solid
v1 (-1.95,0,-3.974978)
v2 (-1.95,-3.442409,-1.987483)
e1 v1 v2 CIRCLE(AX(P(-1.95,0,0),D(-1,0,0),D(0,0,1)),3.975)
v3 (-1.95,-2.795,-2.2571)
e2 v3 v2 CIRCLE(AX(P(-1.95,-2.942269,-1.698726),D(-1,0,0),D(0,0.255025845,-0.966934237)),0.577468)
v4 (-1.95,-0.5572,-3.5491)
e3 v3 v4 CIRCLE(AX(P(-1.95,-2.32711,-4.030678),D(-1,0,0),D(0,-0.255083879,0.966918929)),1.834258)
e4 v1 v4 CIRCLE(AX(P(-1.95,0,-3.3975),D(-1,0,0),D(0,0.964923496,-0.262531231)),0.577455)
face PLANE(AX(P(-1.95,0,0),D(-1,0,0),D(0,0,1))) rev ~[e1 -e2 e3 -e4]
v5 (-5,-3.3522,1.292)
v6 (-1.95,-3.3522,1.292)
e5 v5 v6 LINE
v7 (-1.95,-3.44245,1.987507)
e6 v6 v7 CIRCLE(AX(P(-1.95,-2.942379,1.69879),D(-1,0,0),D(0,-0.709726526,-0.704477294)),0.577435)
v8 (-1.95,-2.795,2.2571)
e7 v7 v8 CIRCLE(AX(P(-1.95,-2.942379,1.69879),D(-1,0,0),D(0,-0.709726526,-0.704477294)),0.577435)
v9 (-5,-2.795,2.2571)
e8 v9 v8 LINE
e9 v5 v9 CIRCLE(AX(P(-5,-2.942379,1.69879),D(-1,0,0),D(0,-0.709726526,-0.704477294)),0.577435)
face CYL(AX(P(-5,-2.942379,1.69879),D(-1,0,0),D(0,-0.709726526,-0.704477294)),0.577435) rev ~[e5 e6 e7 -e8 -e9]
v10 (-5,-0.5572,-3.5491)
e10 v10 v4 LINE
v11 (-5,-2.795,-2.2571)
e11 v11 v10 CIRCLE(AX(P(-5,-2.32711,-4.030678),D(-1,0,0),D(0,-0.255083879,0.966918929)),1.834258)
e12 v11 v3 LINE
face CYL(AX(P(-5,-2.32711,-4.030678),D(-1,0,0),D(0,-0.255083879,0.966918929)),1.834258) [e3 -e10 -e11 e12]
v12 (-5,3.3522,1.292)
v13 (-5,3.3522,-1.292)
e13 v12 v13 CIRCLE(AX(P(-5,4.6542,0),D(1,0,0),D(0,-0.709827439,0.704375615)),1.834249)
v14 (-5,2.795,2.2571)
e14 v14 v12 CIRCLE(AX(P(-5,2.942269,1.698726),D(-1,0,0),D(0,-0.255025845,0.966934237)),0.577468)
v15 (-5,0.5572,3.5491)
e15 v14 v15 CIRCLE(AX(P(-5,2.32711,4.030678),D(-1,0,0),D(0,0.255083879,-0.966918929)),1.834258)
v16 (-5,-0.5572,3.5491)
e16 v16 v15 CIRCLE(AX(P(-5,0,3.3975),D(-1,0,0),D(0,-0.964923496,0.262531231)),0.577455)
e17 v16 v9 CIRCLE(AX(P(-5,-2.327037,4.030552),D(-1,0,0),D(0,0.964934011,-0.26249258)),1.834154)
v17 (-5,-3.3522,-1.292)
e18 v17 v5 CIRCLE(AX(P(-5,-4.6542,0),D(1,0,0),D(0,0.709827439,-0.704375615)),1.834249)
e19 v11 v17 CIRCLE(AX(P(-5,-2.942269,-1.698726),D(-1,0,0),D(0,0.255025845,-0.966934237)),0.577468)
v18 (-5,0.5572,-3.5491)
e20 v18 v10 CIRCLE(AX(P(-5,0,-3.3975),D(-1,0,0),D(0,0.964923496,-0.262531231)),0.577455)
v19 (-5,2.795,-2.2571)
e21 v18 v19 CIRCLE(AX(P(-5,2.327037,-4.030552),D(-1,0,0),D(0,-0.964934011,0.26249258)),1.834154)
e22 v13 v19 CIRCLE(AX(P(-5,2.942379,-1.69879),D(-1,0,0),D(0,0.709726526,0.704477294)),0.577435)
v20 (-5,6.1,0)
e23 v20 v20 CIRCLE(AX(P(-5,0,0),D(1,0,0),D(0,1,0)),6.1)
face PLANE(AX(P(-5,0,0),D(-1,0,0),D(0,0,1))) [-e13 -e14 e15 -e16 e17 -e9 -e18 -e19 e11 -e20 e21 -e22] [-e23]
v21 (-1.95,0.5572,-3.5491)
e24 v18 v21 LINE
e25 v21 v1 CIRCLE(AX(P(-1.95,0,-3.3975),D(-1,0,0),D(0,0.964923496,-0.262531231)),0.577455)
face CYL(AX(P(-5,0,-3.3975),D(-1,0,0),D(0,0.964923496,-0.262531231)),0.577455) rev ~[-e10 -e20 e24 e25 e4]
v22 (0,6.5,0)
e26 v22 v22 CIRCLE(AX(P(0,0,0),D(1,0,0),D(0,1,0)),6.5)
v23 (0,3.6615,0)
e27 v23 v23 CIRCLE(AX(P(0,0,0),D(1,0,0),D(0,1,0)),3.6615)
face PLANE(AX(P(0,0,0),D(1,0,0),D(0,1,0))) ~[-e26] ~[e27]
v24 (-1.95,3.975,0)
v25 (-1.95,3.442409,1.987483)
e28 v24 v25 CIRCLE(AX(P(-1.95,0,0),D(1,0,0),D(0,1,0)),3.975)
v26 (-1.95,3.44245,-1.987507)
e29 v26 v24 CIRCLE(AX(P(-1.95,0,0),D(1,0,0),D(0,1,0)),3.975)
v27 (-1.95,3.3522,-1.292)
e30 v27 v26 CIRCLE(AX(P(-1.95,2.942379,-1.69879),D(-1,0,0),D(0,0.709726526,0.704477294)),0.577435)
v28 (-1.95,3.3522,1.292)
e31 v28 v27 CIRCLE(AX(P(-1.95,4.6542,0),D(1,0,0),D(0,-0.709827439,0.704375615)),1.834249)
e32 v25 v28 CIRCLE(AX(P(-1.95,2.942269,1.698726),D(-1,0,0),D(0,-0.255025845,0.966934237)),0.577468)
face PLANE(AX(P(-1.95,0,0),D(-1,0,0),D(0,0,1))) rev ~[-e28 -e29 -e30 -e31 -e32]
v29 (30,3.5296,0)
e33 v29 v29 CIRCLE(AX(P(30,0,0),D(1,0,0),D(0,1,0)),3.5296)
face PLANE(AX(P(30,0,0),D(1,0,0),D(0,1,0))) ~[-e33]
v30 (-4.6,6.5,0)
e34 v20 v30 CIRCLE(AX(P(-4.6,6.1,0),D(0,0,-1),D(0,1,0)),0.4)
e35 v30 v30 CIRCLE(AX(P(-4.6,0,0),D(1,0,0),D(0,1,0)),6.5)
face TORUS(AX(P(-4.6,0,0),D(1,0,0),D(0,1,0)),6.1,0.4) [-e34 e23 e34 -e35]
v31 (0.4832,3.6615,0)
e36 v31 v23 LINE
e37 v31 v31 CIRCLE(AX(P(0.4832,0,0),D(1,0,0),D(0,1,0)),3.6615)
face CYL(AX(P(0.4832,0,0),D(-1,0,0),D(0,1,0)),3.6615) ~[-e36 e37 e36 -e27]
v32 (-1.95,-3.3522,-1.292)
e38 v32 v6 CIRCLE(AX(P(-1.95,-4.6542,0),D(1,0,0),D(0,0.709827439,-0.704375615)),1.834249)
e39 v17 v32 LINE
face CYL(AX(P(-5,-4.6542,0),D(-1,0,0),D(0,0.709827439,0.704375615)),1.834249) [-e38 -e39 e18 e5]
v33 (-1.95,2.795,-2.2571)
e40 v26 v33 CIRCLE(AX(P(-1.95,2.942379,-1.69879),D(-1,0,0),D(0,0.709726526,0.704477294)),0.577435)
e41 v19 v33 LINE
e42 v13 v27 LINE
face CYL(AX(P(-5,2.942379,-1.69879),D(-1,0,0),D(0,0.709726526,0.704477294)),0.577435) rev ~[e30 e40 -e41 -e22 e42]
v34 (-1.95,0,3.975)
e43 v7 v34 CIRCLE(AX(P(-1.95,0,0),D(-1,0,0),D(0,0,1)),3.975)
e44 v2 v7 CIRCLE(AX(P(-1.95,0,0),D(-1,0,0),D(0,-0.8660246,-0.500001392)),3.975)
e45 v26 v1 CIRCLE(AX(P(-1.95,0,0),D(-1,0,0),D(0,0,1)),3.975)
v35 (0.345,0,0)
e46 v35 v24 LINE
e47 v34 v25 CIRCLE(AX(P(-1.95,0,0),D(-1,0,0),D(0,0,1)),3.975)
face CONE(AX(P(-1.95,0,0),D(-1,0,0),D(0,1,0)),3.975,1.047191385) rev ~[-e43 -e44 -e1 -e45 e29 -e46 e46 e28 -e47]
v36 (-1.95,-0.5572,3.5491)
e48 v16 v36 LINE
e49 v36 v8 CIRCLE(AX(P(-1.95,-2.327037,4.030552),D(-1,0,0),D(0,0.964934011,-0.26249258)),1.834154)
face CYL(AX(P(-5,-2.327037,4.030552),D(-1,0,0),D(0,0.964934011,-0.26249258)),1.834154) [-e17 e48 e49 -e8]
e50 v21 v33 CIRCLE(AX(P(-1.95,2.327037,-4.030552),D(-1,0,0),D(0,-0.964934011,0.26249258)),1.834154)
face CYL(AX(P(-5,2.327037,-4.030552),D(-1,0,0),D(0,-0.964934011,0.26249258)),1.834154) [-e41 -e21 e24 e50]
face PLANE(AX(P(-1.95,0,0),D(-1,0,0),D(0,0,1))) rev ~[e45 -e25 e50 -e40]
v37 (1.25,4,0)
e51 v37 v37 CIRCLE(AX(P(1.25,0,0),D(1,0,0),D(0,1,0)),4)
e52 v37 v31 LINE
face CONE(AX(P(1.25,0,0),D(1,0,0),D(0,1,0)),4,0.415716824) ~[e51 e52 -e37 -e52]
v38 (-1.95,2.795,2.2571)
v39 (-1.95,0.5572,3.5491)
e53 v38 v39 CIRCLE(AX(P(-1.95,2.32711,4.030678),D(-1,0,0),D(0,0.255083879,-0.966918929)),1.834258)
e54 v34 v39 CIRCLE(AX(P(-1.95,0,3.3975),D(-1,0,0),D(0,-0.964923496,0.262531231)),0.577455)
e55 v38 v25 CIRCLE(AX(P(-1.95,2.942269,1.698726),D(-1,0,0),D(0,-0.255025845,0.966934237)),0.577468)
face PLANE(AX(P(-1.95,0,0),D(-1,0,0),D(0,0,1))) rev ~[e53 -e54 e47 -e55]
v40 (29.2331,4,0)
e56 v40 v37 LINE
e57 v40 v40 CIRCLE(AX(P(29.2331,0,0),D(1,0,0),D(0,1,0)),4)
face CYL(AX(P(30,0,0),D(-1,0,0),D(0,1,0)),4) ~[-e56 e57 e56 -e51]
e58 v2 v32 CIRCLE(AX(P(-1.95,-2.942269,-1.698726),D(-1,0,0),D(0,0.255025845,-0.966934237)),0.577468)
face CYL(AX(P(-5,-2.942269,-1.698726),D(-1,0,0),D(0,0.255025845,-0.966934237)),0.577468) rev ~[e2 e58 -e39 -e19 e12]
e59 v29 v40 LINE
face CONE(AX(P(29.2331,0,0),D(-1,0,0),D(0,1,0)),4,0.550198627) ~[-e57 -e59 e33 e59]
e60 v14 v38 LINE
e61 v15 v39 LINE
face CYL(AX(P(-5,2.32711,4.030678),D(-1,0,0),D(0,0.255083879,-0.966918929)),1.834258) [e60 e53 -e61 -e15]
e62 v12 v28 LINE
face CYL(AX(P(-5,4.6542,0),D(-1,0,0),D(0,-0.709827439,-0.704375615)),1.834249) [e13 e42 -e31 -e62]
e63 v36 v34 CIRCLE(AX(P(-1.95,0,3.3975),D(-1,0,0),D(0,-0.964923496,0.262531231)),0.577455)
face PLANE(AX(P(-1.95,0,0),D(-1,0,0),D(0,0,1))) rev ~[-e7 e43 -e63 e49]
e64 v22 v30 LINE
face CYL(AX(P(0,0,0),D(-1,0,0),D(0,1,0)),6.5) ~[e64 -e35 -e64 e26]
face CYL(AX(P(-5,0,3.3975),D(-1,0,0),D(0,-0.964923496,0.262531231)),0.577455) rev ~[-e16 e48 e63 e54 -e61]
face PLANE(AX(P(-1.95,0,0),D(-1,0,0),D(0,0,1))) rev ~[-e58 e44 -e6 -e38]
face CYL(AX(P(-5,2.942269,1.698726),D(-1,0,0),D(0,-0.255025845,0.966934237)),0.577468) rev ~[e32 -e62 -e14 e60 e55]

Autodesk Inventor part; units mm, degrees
ref_plane "YZ Plane" through (0, 0, 0) normal (1, 0, 0) x (0, 1, 0)
ref_plane "XZ Plane" through (0, 0, 0) normal (0, 1, 0) x (-1, 0, 0)
sketch "Schizzo1" plane through (0, 0, 0) normal (0, 0, 1) x (1, 0, 0)
  line L0 (0.345, 0) -> (30, 0)
  line L1 (30, 0) -> (30, 4)
  line L2 (30, 4) -> (1.25, 4)
  line L3 (1.25, 4) -> (0.4832, 3.6615)
  line L4 (0.4832, 3.6615) -> (0, 3.6615)
  line L5 (0, 3.6615) -> (0, 6.5)
  line L6 (0, 6.5) -> (-5, 6.5)
  line L7 (-5, 6.5) -> (-5, 3.975)
  line L8 (-5, 3.975) -> (-1.95, 3.975)
  line L9 (-1.95, 3.975) -> (0.345, 0)
  line L10 (-12, 0) -> (37, 0) projected
  line L11 (0, -1.3) -> (0, 7.8) projected
  line L12 (1.25, 4) -> (0, 4) construction
  dimension "d1" = 28.75
  dimension "d2" = 0.7668
  dimension "d3" = 5
  dimension "d4" = 3.05
  dimension "d5" = 60
  dimension "d6" = 8
  dimension "d7" = 7.323
  dimension "d8" = 7.95
  dimension "d9" = 13
  dimension "d20" = 30
revolve "Corpo" add sketch "Schizzo1" angle 360 about axis through (0.345, 0, 0) along (1, 0, 0) contours L9 L11 L4 L3 L2 L1 L0 | L9 L8 L7 L6 L5 L11
sketch "Schizzo2" plane through (-5, 0, 0) normal (-1, 0, 0) x (0, 0, 1)
  line L0 (0, -9.1) -> (0, 9.1) projected
  line L1 (-9.1, 0) -> (9.1, 0) projected
  circle A0 centre (0, 0) radius 3.975 construction
  circle A1 centre (0, 0) radius 2.82 construction
  line L2 (0, 0) -> (3.4425, 1.9875) construction
  line L3 (0, 0) -> (1.9875, 3.4425) construction
  arc A2 (2.2571, 2.795) -> (1.292, 3.3522) centre (1.6988, 2.9423) ccw
  arc A3 (2.2571, 2.795) -> (3.5491, 0.5572) centre (4.0306, 2.3271) ccw
  arc A4 (3.5491, -0.5572) -> (3.5491, 0.5572) centre (3.3975, 0) ccw
  arc A5 (3.5491, -0.5572) -> (2.2571, -2.795) centre (4.0306, -2.3271) ccw
  arc A6 (-1.292, 3.3522) -> (1.292, 3.3522) centre (0, 4.6542) ccw
  arc A7 (-1.292, 3.3522) -> (-2.2571, 2.795) centre (-1.6988, 2.9423) ccw
  arc A8 (-3.5491, 0.5572) -> (-2.2571, 2.795) centre (-4.0306, 2.3271) ccw
  arc A9 (-3.5491, 0.5572) -> (-3.5491, -0.5572) centre (-3.3975, 0) ccw
  arc A10 (-2.2571, -2.795) -> (-3.5491, -0.5572) centre (-4.0306, -2.3271) ccw
  arc A11 (1.292, -3.3522) -> (2.2571, -2.795) centre (1.6988, -2.9423) ccw
  arc A12 (1.292, -3.3522) -> (-1.292, -3.3522) centre (0, -4.6542) ccw
  arc A13 (-2.2571, -2.795) -> (-1.292, -3.3522) centre (-1.6988, -2.9423) ccw
  circle A14 centre (0, 0) radius 3.975 projected
  dimension "d34" = 30
  dimension "d35" = 60
  dimension "d36" = 5.64
  dimension "d37" = 7.95
  dimension "d38" = 0.5775
extrude "Intaglio" add sketch "Schizzo2" against normal blind 3.05 contours A14 A13 A12 L0 | L0 A12 A11 A14 | A14 A9 A10 A13 | A11 A5 A4 A14 | A14 A7 A8 A9 | A4 A3 A2 A14 | A6 A7 A14 L0 | L0 A14 A2 A6
fillet "Raccordo1" radius 0.4 1 edges at (-5, -6.5, 0)
thread "Filettatura" size "M8x1.25" class "6g" standard "ISO Metric profile" length 28.75
chamfer "Smusso1" distance 0.4704 distance2 0.7669 1 edges at (30, -4, 0) measured on face at (30, -0.4013, -0.6579)
ref_plane "Work Plane1" through (15.625, 0, 0) normal (0, -0.6399, -0.7684) x (1, 0, 0)
equation "\"d1\" = GEL"
equation "\"d2\" = GAL"
equation "\"d3\" = KOH"
equation "\"d4\" = INTI"
equation "\"d6\" = GD"
equation "\"d7\" = BDM"
equation "\"d8\" = SW"
equation "\"d9\" = KOD"
equation "\"d20\" = NLG"
equation "\"d36\" = E0"
equation "\"d37\" = SW"
equation "\"d38\" = -0.25 * E0 + 0.25 * SW"
equation "\"d11\" = INTI"
equation "\"d17\" = RR"
equation "\"d13\" = GEL"
equation "\"d15\" = -0.5 * SPD + 0.5 * GD"
equation "\"GD\" = NND"
equation "\"NLG\" = 30"
equation "\"GEL\" = 28.75"
equation "\"KOD\" = 13"
equation "\"KOH\" = 5"
equation "\"INTI\" = 3.05"
equation "\"GAL\" = 0.61345 * PTC"
equation "\"GUL\" = 0.61345 * PTC"
equation "\"BDM\" = 7.323"
equation "\"SW\" = 7.95"
equation "\"RR\" = 0.4"
equation "\"SPD\" = NND - 1.2269 * GAL"
equation "\"E0\" = 5.64"
equation "\"TOA\" = 30deg"
equation "\"GD1\" = THREADDIA - 1.2269 * PTC"
equation "\"THREADDIA\" = 8"
equation "\"PTC\" = 1.25"
equation "\"NND\" = 8"
equation "\"RRK\" = 0.548"
properties part number "NF E 25-111 - M8x30 classe proprietà 4.8" material "Acciaio, Dolce"
